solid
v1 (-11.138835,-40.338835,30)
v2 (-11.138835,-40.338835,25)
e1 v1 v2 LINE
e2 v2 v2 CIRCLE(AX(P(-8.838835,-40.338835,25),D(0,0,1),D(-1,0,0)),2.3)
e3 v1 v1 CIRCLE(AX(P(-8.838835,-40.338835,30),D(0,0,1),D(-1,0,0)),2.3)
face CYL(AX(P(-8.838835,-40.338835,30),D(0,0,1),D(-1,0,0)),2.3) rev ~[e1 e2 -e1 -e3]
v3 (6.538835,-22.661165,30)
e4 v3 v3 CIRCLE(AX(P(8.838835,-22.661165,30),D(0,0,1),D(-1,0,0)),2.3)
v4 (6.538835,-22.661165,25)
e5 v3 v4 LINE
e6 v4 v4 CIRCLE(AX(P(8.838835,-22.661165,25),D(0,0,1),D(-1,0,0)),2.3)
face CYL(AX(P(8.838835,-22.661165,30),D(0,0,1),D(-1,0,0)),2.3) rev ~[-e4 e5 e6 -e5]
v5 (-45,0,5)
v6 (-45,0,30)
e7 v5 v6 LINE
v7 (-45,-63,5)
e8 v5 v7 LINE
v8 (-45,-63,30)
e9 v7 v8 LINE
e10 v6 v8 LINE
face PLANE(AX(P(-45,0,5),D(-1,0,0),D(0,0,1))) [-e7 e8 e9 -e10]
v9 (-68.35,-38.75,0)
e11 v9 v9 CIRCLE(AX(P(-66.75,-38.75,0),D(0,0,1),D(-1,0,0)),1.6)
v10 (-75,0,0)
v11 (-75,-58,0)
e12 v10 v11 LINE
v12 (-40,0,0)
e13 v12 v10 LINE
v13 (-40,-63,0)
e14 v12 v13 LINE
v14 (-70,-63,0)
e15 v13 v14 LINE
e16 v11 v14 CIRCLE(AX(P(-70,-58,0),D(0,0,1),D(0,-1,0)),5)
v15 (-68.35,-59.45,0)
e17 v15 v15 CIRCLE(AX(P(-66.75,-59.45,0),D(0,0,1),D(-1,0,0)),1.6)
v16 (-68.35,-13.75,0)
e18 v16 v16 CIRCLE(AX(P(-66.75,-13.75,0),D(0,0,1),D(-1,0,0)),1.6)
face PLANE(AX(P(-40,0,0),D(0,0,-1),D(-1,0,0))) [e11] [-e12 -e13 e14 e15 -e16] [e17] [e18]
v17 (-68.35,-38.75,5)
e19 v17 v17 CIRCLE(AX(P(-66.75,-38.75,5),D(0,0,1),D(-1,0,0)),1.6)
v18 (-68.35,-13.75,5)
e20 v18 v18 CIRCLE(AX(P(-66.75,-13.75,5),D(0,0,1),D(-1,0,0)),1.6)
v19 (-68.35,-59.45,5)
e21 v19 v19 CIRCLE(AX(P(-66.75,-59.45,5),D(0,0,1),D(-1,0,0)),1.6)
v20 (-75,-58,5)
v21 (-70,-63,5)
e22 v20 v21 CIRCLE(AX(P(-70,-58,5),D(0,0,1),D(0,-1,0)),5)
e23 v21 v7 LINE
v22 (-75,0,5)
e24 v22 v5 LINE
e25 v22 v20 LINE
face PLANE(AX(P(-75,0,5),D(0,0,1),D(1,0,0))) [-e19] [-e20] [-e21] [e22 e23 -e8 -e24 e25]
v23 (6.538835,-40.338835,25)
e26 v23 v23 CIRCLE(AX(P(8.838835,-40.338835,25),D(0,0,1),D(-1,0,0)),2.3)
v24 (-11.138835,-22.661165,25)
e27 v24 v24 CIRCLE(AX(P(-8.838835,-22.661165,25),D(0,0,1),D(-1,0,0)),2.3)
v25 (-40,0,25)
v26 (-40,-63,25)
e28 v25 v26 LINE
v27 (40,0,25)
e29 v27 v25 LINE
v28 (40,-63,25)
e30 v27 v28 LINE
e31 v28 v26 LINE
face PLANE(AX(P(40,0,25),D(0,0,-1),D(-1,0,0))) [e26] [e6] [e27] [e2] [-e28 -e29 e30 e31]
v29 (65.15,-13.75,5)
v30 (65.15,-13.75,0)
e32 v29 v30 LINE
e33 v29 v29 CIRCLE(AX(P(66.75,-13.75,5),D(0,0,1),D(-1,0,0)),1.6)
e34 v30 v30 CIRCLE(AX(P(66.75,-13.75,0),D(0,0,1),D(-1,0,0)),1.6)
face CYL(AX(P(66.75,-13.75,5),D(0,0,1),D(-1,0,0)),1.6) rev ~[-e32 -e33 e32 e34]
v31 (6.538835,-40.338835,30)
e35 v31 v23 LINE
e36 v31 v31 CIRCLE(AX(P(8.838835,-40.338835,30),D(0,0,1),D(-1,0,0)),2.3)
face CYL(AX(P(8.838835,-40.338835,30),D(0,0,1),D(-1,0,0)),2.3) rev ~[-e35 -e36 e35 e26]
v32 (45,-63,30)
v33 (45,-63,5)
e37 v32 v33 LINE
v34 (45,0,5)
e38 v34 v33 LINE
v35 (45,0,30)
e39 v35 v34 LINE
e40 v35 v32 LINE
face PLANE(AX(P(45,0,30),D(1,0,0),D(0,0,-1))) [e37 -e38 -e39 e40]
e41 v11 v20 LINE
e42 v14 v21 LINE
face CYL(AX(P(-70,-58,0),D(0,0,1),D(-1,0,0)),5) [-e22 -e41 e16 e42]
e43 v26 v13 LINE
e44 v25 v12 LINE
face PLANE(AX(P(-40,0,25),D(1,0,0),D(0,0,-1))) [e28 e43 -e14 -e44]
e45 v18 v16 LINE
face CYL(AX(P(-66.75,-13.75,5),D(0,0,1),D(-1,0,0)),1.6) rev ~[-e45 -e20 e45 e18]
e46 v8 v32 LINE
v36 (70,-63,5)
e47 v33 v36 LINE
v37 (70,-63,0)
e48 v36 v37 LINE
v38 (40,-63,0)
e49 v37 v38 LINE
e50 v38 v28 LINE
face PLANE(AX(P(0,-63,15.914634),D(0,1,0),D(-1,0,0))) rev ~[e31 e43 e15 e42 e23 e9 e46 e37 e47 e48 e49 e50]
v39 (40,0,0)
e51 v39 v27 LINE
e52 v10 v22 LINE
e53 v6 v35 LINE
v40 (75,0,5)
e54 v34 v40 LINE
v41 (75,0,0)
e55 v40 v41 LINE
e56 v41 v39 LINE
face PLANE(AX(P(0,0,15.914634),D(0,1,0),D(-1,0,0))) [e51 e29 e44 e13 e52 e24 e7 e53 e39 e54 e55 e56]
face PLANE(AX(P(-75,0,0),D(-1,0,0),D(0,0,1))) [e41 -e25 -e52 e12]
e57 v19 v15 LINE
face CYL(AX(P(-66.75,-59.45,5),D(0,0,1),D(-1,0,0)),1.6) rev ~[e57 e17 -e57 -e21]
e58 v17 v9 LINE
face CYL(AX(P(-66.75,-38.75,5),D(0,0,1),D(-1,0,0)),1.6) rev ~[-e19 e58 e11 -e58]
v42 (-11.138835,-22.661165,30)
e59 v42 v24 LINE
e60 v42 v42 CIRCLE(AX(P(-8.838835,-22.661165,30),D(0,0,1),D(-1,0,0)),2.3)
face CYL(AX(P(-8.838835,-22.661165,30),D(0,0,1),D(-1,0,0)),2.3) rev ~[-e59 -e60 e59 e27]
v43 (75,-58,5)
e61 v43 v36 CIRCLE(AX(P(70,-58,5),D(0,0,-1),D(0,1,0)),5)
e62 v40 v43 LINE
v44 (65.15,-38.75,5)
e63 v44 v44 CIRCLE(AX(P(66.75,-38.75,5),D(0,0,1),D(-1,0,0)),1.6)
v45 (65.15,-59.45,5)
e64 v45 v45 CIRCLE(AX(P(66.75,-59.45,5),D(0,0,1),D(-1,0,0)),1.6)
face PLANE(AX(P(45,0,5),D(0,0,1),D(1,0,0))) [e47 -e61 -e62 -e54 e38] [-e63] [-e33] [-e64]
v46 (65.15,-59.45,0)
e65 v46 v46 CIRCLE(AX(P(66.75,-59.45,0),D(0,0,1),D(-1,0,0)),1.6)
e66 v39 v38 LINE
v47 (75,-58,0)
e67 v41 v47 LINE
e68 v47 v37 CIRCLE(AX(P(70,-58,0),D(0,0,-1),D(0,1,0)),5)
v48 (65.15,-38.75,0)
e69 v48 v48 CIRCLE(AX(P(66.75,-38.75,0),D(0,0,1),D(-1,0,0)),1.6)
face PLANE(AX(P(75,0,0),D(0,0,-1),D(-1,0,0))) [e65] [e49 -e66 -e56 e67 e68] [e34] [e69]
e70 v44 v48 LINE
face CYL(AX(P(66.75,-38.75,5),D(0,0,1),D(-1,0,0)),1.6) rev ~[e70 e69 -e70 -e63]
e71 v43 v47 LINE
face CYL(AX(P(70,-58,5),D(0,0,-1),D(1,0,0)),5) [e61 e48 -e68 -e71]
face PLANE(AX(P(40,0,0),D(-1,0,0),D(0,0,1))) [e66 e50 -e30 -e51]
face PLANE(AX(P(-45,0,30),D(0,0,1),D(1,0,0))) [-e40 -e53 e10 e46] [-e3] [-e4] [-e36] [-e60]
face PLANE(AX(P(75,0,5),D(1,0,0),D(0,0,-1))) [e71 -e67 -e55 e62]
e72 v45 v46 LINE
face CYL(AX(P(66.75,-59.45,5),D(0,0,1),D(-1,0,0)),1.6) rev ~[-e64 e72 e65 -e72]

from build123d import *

# Parameters (mm, degrees)
PAD008_DEPTH    = 63
FILLET003_R     = 5
SKETCH052_R     = 1.6
POCKET033_DEPTH = 5
SKETCH053_R     = 2.3
POCKET034_DEPTH = 5


with BuildPart() as part:
    # Sketch051 → Pad008 (new body)
    with BuildSketch(Plane.XZ):
        Polygon((-75, 0), (-75, 5), (-45, 5), (-45, 30), (45, 30), (45, 5), (75, 5), (75, 0), (40, 0), (40, 25), (-40, 25), (-40, 0), align=None)
    extrude(amount=PAD008_DEPTH)

    # Fillet003
    fillet003_edges = [part.edges().sort_by_distance(p)[0] for p in [
        (75, -63, 2.5),
        (-75, -63, 2.5),
    ]]
    fillet(fillet003_edges, radius=FILLET003_R)

    # Sketch052 (on Face11 of Fillet003) → Pocket033 (cut)
    with BuildSketch(Plane(origin=(0, 0, 5), x_dir=(-1, 0, 0), z_dir=(0, 0, 1))):
        with Locations((-66.75, 13.75)):
            Circle(SKETCH052_R)
        with Locations((-66.75, 38.75)):
            Circle(SKETCH052_R)
        with Locations((-66.75, 59.45)):
            Circle(SKETCH052_R)
        with Locations((66.75, 59.45)):
            Circle(SKETCH052_R)
        with Locations((66.75, 38.75)):
            Circle(SKETCH052_R)
        with Locations((66.75, 13.75)):
            Circle(SKETCH052_R)
    extrude(amount=-POCKET033_DEPTH, mode=Mode.SUBTRACT)

    # Sketch053 (on Face12 of Pocket033) → Pocket034 (cut)
    with BuildSketch(Plane(origin=(0, 0, 30), x_dir=(-1, 0, 0), z_dir=(0, 0, 1))):
        with Locations((8.8388347648, 40.3388347648)):
            Circle(SKETCH053_R)
        with Locations((8.8388347648, 22.6611652352)):
            Circle(SKETCH053_R)
        with Locations((-8.8388347648, 22.6611652352)):
            Circle(SKETCH053_R)
        with Locations((-8.8388347648, 40.3388347648)):
            Circle(SKETCH053_R)
    extrude(amount=-POCKET034_DEPTH, mode=Mode.SUBTRACT)


solid = part.part
